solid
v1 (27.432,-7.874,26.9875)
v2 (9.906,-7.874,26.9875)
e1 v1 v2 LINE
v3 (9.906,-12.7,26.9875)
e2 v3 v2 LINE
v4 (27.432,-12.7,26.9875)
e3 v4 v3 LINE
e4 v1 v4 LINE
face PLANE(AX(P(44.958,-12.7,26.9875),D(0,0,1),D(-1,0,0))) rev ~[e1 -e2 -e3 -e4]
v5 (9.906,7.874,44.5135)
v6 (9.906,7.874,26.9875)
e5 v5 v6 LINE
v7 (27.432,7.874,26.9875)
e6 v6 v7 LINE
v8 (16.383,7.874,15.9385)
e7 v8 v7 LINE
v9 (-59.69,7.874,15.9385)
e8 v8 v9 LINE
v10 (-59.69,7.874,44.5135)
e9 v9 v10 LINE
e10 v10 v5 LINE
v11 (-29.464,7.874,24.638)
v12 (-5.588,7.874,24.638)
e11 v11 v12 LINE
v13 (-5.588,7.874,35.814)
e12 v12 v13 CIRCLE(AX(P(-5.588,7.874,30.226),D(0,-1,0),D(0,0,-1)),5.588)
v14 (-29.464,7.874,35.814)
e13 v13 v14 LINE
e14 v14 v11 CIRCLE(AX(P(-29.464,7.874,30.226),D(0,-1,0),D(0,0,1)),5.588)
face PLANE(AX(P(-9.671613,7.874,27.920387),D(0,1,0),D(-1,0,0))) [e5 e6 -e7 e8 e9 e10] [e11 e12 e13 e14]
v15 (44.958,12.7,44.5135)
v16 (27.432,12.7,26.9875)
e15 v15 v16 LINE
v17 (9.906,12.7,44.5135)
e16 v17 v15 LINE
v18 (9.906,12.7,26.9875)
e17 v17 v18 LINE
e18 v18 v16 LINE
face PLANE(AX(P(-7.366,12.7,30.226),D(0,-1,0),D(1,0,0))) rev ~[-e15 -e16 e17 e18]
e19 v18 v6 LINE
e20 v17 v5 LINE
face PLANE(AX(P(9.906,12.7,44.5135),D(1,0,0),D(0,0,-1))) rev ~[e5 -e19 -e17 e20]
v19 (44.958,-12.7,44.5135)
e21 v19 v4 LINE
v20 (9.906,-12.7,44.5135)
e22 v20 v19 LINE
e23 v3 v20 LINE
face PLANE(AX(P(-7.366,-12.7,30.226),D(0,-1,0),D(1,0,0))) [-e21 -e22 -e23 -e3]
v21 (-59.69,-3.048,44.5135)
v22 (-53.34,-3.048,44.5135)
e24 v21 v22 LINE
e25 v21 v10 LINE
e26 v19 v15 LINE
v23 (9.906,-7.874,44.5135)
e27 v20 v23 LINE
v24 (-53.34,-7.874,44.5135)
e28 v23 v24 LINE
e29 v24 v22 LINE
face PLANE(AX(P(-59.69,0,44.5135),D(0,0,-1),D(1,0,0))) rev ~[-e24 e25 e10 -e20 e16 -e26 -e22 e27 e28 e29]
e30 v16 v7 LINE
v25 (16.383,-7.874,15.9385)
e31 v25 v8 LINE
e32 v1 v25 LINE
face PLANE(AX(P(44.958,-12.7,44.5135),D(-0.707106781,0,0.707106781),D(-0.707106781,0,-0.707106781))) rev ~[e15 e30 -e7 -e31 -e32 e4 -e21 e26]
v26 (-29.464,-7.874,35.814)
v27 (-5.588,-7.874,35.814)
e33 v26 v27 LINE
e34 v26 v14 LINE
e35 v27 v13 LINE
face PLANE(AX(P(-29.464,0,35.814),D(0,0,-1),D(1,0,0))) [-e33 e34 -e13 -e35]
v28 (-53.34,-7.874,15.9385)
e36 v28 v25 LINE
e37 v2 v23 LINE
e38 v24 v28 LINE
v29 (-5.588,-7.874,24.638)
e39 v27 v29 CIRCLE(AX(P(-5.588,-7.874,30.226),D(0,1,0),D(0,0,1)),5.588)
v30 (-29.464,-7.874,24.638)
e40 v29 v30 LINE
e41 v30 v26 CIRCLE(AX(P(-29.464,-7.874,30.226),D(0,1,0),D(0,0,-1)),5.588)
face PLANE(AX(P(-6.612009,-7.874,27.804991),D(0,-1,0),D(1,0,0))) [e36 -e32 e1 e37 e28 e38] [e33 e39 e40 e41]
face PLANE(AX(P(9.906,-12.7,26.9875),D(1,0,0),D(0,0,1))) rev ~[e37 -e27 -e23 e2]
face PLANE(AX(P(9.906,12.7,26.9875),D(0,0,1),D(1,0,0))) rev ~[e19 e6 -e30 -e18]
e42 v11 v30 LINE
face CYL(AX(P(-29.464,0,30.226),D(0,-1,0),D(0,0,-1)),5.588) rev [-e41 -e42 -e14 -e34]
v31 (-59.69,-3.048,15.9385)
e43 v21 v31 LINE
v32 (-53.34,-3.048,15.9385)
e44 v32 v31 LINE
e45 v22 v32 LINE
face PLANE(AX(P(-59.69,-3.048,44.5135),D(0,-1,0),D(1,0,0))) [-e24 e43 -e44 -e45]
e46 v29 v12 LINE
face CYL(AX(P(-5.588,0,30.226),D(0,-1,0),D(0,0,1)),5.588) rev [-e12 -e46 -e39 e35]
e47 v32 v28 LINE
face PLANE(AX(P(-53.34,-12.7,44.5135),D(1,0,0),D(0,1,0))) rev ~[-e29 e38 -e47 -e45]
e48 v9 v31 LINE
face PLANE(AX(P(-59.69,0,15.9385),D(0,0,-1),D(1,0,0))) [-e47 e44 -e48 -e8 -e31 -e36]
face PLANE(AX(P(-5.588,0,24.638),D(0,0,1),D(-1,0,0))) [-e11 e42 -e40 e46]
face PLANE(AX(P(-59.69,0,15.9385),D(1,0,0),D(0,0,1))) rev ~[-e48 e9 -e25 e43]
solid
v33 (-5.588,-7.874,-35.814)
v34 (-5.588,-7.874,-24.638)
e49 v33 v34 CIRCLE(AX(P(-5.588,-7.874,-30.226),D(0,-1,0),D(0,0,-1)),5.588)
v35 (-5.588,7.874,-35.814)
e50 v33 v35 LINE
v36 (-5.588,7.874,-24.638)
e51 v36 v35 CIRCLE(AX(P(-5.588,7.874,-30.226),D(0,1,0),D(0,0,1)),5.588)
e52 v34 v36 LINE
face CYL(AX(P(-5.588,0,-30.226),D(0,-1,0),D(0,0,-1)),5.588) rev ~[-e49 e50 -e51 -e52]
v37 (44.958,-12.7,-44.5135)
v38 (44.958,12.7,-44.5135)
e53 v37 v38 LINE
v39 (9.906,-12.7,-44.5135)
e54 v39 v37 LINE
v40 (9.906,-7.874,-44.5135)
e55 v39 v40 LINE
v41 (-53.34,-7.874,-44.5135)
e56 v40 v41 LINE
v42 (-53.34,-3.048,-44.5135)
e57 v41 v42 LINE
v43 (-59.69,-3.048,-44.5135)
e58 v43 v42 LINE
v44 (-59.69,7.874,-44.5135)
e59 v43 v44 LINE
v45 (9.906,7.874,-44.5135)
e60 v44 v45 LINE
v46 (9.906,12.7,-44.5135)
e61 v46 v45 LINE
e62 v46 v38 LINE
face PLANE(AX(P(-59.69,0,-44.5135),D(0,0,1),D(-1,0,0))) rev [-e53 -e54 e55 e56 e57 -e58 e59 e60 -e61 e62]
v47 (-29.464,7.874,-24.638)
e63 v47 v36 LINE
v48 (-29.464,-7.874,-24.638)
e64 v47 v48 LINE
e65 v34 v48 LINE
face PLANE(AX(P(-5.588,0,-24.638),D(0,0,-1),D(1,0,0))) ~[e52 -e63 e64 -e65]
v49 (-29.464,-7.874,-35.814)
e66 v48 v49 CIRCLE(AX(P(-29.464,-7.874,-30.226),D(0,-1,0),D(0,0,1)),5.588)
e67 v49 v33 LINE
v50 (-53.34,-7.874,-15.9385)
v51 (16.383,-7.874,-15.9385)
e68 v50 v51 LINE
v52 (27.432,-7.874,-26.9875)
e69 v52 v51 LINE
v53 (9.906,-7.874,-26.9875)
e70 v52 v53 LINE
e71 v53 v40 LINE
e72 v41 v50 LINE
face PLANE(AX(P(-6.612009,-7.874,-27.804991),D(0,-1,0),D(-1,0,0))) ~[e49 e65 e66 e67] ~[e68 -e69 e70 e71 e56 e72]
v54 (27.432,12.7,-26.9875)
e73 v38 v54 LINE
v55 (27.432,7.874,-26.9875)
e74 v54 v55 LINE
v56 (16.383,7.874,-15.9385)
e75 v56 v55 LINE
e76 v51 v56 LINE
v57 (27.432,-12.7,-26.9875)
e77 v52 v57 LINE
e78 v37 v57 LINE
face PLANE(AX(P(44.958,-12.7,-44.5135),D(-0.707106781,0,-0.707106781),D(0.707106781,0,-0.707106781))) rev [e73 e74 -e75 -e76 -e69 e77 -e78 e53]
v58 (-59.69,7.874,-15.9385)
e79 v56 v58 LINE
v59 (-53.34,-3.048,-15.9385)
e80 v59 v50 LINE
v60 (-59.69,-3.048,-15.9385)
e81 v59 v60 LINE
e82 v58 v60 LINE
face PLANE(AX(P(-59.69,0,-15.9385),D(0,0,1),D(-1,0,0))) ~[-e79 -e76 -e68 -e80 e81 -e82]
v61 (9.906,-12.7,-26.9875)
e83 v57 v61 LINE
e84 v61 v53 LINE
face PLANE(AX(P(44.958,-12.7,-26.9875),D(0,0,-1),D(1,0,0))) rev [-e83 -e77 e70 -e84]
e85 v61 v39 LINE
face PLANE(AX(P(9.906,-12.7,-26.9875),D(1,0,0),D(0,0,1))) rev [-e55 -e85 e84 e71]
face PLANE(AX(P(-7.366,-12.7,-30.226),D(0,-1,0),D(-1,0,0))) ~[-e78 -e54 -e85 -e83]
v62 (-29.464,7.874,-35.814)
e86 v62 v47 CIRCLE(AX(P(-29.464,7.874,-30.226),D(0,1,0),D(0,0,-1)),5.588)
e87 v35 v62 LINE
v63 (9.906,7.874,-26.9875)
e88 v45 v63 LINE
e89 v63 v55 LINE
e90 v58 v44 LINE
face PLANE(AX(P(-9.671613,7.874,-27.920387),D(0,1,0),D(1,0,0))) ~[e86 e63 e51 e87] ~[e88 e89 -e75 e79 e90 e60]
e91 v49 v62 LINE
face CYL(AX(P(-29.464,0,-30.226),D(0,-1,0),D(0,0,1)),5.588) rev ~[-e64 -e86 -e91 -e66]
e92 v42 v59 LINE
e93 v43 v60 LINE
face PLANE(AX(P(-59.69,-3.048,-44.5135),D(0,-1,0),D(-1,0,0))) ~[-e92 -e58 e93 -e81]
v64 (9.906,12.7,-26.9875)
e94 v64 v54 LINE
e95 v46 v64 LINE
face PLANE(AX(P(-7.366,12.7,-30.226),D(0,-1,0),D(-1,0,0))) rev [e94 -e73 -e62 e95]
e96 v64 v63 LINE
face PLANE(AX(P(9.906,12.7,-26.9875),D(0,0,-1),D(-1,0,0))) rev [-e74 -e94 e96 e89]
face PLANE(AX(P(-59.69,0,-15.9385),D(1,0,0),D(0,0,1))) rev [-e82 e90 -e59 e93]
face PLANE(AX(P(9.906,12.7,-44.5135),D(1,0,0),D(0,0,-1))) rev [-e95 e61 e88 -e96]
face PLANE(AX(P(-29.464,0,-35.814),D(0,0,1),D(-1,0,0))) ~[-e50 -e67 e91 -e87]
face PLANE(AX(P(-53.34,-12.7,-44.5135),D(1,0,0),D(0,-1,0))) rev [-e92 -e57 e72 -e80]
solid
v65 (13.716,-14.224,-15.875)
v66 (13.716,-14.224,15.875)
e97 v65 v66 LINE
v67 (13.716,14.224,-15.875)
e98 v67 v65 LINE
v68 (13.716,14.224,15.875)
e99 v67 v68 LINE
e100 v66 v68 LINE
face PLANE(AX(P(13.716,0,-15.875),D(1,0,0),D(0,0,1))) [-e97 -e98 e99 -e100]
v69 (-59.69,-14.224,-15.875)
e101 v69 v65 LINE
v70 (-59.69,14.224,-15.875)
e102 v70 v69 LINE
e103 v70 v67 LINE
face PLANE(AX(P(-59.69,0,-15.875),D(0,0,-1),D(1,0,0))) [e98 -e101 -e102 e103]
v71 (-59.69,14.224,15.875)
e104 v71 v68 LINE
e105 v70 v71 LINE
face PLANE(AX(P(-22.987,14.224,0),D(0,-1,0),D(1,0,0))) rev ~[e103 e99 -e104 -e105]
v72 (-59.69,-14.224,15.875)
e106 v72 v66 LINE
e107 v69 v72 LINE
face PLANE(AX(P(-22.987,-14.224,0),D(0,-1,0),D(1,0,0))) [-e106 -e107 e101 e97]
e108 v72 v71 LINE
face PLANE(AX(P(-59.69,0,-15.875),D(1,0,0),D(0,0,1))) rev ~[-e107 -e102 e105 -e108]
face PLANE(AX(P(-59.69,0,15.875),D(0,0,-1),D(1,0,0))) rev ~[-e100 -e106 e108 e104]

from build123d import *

# Parameters (mm, degrees)
F0_W      = 104.648
F0_H      = 28.575
F1_DEPTH  = 12.7
F2_W      = 6.35
F2_H      = 9.652
F3_DEPTH  = 28.576
F5_DEPTH  = 4.826
F7_DEPTH  = 4.826
F9_DEPTH  = 25.401
F10_W     = 73.406
F10_H     = 31.75
F11_DEPTH = 14.224


with BuildPart() as f1:
    # F0 (on Front) → F1 (new body, symmetric)
    with BuildSketch(Plane.XZ):
        with Locations((-7.366, 30.226)):
            Rectangle(F0_W, F0_H)
        with BuildLine():
            ThreePointArc((-29.464, 24.638), (-35.052, 30.226), (-29.464, 35.814))
            Line((-29.464, 35.814), (-5.588, 35.814))
            ThreePointArc((-5.588, 35.814), (0, 30.226), (-5.588, 24.638))
            Line((-5.588, 24.638), (-29.464, 24.638))
        make_face(mode=Mode.SUBTRACT)
    extrude(amount=F1_DEPTH, both=True)

    # F2 (on face) → F3 (cut, through all)
    with BuildSketch(Plane.XY.offset(44.5135)):
        with Locations((-56.515, -7.874)):
            Rectangle(F2_W, F2_H)
    extrude(amount=-F3_DEPTH, mode=Mode.SUBTRACT)

    # F4 (on face) → F5 (cut)
    with BuildSketch(Plane.XZ.offset(12.7)):
        Polygon((9.906, 44.5135), (-53.34, 44.5135), (-53.34, 15.9385), (44.958, 15.9385), (44.958, 26.9875), (9.906, 26.9875), align=None)
        with BuildLine():
            Line((-5.588, 24.638), (-29.464, 24.638))
            ThreePointArc((-29.464, 24.638), (-35.052, 30.226), (-29.464, 35.814))
            Line((-29.464, 35.814), (-5.588, 35.814))
            ThreePointArc((-5.588, 35.814), (0, 30.226), (-5.588, 24.638))
        make_face(mode=Mode.SUBTRACT)
    extrude(amount=-F5_DEPTH, mode=Mode.SUBTRACT)

    # F6 (on face) → F7 (cut)
    with BuildSketch(Plane(origin=(0, 12.7, 0), x_dir=(-1, 0, 0), z_dir=(0, 1, 0))):
        Polygon((59.69, 15.9385), (59.69, 44.5135), (-9.906, 44.5135), (-9.906, 26.9875), (-44.958, 26.9875), (-44.958, 15.9385), align=None)
        with BuildLine():
            Line((5.588, 35.814), (29.464, 35.814))
            ThreePointArc((29.464, 35.814), (35.052, 30.226), (29.464, 24.638))
            Line((29.464, 24.638), (5.588, 24.638))
            ThreePointArc((5.588, 24.638), (0, 30.226), (5.588, 35.814))
        make_face(mode=Mode.SUBTRACT)
    extrude(amount=-F7_DEPTH, mode=Mode.SUBTRACT)

    # F8 (on face) → F9 (cut, through all)
    with BuildSketch(Plane.XZ.offset(12.7)):
        Polygon((44.958, 26.9875), (44.958, 44.5135), (27.432, 26.9875), align=None)
        Polygon((44.958, 26.9875), (27.432, 26.9875), (16.383, 15.9385), (44.958, 15.9385), align=None)
    extrude(amount=-F9_DEPTH, mode=Mode.SUBTRACT)


with BuildPart() as f11:
    # F10 (on Front) → F11 (new body, symmetric)
    with BuildSketch(Plane.XZ):
        with Locations((-22.987, 0)):
            Rectangle(F10_W, F10_H)
    extrude(amount=F11_DEPTH, both=True)


with BuildPart() as f12_1:
    # F12: instance of F1
    add(f1.part.mirror(Plane.XY))


solid = Compound([f1.part, f11.part, f12_1.part])
